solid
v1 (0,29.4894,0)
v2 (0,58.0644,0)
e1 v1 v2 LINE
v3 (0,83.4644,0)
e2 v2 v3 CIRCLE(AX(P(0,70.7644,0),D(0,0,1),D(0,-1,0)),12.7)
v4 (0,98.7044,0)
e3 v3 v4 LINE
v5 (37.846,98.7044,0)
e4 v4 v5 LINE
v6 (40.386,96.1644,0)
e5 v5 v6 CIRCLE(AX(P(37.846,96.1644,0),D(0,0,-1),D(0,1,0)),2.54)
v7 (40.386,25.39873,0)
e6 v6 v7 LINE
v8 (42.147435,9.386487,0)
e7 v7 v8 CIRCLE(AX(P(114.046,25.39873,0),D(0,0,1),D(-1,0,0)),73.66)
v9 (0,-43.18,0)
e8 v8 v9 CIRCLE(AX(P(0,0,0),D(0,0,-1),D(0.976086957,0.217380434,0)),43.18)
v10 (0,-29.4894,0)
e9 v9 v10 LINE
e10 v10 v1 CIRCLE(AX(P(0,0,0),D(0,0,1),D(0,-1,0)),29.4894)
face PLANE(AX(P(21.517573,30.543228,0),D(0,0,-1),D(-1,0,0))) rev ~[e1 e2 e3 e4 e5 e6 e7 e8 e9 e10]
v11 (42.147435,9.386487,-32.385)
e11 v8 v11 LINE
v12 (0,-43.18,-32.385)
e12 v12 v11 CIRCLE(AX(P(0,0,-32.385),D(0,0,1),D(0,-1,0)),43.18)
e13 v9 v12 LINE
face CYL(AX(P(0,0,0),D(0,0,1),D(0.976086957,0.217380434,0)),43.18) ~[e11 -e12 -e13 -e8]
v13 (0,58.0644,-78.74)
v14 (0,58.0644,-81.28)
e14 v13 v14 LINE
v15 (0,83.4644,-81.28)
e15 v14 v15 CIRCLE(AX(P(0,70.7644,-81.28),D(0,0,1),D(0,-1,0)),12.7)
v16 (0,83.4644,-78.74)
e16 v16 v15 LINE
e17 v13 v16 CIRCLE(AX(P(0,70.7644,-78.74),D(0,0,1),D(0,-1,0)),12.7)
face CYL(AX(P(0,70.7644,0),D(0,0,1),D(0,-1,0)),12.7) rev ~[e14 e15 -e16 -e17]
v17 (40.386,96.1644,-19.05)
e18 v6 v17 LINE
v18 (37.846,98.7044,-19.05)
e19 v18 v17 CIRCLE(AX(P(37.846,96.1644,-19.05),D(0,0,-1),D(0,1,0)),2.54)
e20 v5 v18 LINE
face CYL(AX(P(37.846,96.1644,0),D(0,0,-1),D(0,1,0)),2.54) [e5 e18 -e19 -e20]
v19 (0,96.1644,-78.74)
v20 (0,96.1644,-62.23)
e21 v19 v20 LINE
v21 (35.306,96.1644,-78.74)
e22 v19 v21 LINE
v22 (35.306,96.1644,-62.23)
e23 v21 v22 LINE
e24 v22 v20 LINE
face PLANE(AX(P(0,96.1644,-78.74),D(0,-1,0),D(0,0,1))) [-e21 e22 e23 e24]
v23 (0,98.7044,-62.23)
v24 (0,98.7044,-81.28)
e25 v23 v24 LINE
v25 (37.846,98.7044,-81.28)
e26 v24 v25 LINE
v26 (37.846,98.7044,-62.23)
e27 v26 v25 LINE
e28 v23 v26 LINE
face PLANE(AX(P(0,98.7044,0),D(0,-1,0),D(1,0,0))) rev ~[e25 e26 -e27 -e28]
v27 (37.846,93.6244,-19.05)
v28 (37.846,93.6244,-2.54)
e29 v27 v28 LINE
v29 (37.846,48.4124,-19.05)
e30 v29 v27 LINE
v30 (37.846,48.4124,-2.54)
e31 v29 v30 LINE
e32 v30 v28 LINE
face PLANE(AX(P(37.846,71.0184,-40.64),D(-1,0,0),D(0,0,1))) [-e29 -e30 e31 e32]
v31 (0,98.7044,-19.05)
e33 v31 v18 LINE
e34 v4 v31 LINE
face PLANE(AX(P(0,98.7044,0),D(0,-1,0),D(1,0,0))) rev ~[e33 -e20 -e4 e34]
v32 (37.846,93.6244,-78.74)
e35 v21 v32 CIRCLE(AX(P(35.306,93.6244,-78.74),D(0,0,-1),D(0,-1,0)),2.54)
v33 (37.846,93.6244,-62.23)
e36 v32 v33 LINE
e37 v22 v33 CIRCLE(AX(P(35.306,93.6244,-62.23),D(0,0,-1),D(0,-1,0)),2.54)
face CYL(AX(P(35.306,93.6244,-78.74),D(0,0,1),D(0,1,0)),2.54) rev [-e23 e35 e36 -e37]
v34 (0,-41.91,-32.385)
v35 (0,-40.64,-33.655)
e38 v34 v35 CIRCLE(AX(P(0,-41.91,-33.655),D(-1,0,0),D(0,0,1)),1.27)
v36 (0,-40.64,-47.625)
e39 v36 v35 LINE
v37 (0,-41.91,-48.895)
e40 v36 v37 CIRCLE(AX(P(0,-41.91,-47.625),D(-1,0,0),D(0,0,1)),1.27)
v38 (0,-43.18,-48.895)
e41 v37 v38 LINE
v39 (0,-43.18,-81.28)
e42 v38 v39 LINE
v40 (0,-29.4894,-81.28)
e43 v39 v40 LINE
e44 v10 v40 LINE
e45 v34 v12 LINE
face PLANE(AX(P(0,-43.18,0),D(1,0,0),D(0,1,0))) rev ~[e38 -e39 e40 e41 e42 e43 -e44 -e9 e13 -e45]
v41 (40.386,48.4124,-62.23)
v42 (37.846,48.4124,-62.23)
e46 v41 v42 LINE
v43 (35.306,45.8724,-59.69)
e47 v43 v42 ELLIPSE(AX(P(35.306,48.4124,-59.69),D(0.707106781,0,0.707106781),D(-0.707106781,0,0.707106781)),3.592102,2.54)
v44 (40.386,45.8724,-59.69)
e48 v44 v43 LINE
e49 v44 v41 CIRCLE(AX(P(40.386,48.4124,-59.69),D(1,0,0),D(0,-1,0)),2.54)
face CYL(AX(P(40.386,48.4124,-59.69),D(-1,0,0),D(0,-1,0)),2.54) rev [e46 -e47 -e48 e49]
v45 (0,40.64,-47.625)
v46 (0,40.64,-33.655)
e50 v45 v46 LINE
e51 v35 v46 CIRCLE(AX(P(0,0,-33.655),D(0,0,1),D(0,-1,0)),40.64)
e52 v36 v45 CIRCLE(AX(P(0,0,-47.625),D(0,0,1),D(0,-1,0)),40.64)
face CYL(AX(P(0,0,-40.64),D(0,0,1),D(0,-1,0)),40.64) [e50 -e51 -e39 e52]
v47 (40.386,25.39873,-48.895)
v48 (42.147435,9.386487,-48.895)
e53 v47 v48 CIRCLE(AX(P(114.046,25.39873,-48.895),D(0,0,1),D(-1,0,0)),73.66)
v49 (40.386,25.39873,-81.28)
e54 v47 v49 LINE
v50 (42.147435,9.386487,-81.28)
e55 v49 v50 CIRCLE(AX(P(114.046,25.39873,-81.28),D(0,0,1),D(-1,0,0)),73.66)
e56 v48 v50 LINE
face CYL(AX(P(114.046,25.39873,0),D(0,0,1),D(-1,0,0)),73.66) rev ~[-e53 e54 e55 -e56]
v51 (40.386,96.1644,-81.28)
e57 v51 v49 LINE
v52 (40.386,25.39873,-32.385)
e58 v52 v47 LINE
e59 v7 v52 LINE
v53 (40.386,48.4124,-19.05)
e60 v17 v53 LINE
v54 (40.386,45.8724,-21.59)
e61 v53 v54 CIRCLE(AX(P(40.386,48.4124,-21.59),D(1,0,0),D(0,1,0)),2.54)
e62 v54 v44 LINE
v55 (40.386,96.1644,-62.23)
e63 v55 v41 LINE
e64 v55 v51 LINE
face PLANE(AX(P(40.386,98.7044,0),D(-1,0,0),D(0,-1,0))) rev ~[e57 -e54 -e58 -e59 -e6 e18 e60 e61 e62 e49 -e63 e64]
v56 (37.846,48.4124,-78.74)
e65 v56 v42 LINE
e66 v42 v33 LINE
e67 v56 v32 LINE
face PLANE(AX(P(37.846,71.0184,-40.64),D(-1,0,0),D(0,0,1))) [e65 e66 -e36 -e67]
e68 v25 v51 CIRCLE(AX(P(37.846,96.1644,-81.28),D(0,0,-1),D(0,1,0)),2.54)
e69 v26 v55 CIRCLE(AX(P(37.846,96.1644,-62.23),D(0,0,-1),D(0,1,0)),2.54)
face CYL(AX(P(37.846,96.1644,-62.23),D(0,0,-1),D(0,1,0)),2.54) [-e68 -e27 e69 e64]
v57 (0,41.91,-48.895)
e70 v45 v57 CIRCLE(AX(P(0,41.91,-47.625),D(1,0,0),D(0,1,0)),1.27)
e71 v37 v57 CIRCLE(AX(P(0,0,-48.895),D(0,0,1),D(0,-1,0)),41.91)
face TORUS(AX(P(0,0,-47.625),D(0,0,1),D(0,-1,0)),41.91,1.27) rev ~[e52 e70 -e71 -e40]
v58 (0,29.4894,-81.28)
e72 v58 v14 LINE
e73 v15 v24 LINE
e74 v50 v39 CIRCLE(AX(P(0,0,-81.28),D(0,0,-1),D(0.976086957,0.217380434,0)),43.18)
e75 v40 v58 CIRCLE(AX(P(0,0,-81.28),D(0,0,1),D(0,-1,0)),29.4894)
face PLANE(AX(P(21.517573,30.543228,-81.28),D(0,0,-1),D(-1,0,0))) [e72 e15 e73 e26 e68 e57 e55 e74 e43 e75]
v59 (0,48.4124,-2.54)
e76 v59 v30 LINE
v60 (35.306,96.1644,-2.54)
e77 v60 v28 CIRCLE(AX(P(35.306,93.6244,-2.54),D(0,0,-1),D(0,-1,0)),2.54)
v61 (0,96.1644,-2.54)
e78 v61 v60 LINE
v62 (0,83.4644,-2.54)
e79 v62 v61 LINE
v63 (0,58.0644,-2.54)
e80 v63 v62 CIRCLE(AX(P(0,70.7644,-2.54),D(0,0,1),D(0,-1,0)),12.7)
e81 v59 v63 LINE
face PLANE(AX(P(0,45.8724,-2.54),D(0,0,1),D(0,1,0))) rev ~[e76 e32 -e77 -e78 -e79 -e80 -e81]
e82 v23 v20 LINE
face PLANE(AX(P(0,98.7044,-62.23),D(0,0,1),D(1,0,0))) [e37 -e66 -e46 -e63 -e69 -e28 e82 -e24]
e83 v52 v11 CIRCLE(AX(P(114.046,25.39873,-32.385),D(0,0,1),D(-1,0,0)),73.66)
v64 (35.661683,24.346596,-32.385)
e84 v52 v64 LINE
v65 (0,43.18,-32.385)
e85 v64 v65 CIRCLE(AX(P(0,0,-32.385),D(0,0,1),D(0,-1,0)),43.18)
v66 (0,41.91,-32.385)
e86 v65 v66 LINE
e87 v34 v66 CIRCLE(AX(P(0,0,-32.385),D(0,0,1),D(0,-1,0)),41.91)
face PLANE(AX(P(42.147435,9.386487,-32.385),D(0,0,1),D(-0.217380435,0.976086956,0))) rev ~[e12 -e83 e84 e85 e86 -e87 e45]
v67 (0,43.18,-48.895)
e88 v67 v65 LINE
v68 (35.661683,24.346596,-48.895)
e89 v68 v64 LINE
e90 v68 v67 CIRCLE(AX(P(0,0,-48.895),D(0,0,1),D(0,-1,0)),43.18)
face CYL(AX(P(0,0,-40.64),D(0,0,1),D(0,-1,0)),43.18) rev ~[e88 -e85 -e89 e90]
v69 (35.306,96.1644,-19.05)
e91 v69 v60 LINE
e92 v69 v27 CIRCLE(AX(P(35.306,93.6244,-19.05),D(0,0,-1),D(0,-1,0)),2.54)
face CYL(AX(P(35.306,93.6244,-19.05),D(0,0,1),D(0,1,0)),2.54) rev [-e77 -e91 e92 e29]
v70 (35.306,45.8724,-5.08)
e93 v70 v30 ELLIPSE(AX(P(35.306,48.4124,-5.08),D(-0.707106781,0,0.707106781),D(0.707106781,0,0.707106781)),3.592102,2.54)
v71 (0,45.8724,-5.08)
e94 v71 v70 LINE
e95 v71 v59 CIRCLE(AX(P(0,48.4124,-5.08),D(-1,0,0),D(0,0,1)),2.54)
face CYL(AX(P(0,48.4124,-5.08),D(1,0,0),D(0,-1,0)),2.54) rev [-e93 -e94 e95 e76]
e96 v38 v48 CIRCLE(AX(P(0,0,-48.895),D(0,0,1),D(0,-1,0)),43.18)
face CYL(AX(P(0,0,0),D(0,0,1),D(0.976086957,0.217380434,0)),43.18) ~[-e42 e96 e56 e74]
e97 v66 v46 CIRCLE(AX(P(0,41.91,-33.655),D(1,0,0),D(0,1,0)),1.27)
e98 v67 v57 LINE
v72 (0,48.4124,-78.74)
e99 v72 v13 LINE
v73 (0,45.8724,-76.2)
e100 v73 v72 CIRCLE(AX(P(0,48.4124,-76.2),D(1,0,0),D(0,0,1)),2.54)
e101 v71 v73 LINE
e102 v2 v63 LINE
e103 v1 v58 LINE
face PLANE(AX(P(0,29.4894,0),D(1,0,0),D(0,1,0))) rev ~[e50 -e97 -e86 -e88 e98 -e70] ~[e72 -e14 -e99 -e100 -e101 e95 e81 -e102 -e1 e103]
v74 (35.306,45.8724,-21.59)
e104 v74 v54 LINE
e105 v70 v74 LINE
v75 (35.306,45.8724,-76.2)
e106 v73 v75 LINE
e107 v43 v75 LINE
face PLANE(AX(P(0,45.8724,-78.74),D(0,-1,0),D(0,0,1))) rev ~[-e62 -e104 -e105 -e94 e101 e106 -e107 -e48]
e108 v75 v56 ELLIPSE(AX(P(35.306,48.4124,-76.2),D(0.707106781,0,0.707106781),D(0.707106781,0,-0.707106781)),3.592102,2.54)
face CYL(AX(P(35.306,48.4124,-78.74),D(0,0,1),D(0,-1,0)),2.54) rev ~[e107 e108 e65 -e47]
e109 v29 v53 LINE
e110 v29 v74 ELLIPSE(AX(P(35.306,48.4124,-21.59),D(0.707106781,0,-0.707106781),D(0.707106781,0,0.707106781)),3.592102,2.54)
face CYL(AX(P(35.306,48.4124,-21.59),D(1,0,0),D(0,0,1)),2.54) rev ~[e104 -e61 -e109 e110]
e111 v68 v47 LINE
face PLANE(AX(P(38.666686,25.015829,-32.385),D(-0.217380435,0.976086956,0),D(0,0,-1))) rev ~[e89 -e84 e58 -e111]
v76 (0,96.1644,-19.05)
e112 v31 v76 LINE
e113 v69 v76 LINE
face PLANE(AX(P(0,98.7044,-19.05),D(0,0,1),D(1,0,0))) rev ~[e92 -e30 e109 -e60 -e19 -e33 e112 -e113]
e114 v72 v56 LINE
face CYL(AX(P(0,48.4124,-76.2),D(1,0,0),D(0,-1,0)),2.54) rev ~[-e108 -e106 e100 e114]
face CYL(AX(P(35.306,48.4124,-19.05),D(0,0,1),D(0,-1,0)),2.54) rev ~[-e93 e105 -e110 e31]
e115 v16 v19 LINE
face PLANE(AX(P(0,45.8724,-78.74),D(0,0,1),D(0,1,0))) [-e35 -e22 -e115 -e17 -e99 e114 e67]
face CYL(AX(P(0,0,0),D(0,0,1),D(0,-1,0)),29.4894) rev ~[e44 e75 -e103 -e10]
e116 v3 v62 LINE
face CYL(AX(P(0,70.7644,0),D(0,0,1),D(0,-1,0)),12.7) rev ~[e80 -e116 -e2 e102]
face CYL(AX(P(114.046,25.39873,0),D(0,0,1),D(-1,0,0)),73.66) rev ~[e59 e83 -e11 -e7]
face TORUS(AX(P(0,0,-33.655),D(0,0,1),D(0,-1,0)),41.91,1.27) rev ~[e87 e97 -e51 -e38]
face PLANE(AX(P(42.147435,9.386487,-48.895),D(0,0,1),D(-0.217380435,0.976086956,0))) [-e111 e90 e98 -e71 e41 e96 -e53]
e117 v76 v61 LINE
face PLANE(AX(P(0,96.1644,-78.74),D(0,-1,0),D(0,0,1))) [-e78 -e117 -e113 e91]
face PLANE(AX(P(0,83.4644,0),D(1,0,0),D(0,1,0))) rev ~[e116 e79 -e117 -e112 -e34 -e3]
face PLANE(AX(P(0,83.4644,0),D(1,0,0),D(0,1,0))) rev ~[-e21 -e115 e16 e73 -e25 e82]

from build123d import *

# Parameters (mm, degrees)
BOSS_EXTRUDE1_DEPTH            = 81.28
SKETCH3_W                      = 76.2
SKETCH3_H                      = 50.292
CUT_EXTRUDE1_DEPTH             = 37.846
SKETCH4_W                      = 40.386
SKETCH4_H                      = 43.18
CUT_EXTRUDE2_DEPTH             = 52.832
FILLET1_R                      = 2.54
FILLET2_R                      = 2.54
FILLET3_R                      = 2.54
FILLET4_R                      = 2.54
SKETCH7_W                      = 16.51
SKETCH7_H                      = 2.54
CUT_EXTRUDE4_REACH             = 54.566
SKETCH8_W                      = 16.51
SKETCH8_H                      = 16.012242806
CUT_EXTRUDE4_DIRECTION_2_DEPTH = 2.54
FILLET5_R                      = 1.27


with BuildPart() as part:
    # Sketch1 → Boss-Extrude1 (new body)
    with BuildSketch(Plane.XY):
        with BuildLine():
            Line((0, 52.9844), (0, 58.0644))
            ThreePointArc((0, 58.0644), (12.7, 70.7644), (0, 83.4644))
            Line((0, 83.4644), (0, 98.7044))
            Line((0, 98.7044), (40.386, 98.7044))
            Line((40.386, 98.7044), (40.386, 25.398729968))
            ThreePointArc((40.386, 25.398729968), (40.827682914, 17.344312358), (42.147434783, 9.386487162))
            ThreePointArc((42.147434783, 9.386487162), (33.688432107, -27.011144777), (0, -43.18))
            Line((0, -43.18), (0, -29.4894))
            ThreePointArc((0, -29.4894), (29.4894, 0), (0, 29.4894))
            Line((0, 29.4894), (0, 52.9844))
        make_face()
    extrude(amount=-BOSS_EXTRUDE1_DEPTH)

    # Sketch3 → Cut-Extrude1 (cut)
    with BuildSketch(Plane.ZY):
        with Locations((-40.64, 71.0184)):
            Rectangle(SKETCH3_W, SKETCH3_H)
    extrude(amount=-CUT_EXTRUDE1_DEPTH, mode=Mode.SUBTRACT)

    # Sketch4 → Cut-Extrude2 (cut)
    with BuildSketch(Plane(origin=(0, 98.7044, 0), x_dir=(1, 0, 0), z_dir=(0, 1, 0))):
        with Locations((20.193, 40.64)):
            Rectangle(SKETCH4_W, SKETCH4_H)
    extrude(amount=-CUT_EXTRUDE2_DEPTH, mode=Mode.SUBTRACT)

    # Fillet1
    fillet1_edges = [part.edges().sort_by_distance(p)[0] for p in [
        (18.923, 45.8724, -78.74),
        (18.923, 45.8724, -2.54),
        (37.846, 45.8724, -10.795),
        (37.846, 45.8724, -70.485),
    ]]
    fillet(fillet1_edges, radius=FILLET1_R)

    # Fillet2
    fillet2_edges = [part.edges().sort_by_distance(p)[0] for p in [
        (37.846, 96.1644, -70.485),
        (37.846, 96.1644, -10.795),
    ]]
    fillet(fillet2_edges, radius=FILLET2_R)

    # Fillet3
    fillet3_edges = [part.edges().sort_by_distance(p)[0] for p in [
        (36.576, 45.8724, -19.05),
        (36.576, 45.8724, -62.23),
    ]]
    fillet(fillet3_edges, radius=FILLET3_R)

    # Fillet4
    fillet4_edges = [part.edges().sort_by_distance(p)[0] for p in [
        (40.386, 98.7044, -71.755),
        (40.386, 98.7044, -9.525),
    ]]
    fillet(fillet4_edges, radius=FILLET4_R)

    # Sketch7 → Cut-Revolve2 (revolve, cut)
    with BuildSketch(Plane.ZY):
        with Locations((-40.64, -41.91)):
            Rectangle(SKETCH7_W, SKETCH7_H)
    revolve(axis=Axis((0, 0, -81.28), (0, 0, 1)), mode=Mode.SUBTRACT)

    # Sketch8 → Cut-Extrude4 (cut, up to next)
    with BuildSketch(Plane(origin=(42.147434783, 9.386487162, 0), x_dir=(0, 0, -1), z_dir=(0.976086957, 0.217380435, 0)), mode=Mode.PRIVATE) as cut_extrude4_sk1:
        with Locations((40.64, 8.006121403)):
            Rectangle(SKETCH8_W, SKETCH8_H)
    cut_extrude4_tool1 = extrude(cut_extrude4_sk1.sketch, amount=-CUT_EXTRUDE4_REACH, mode=Mode.PRIVATE) & part.part
    add(cut_extrude4_tool1.solids().sort_by_distance((40.407061, 17.201158, -40.64))[0], mode=Mode.SUBTRACT)

    # Sketch8 → Cut-Extrude4 direction 2 (cut)
    with BuildSketch(Plane(origin=(42.147434783, 9.386487162, 0), x_dir=(0, 0, -1), z_dir=(0.976086957, 0.217380435, 0))):
        with Locations((40.64, 8.006121403)):
            Rectangle(SKETCH8_W, SKETCH8_H)
    extrude(amount=CUT_EXTRUDE4_DIRECTION_2_DEPTH, mode=Mode.SUBTRACT)

    # Fillet5
    fillet5_edges = [part.edges().sort_by_distance(p)[0] for p in [
        (40.64, 0, -48.895),
        (40.64, 0, -32.385),
    ]]
    fillet(fillet5_edges, radius=FILLET5_R)


solid = part.part
